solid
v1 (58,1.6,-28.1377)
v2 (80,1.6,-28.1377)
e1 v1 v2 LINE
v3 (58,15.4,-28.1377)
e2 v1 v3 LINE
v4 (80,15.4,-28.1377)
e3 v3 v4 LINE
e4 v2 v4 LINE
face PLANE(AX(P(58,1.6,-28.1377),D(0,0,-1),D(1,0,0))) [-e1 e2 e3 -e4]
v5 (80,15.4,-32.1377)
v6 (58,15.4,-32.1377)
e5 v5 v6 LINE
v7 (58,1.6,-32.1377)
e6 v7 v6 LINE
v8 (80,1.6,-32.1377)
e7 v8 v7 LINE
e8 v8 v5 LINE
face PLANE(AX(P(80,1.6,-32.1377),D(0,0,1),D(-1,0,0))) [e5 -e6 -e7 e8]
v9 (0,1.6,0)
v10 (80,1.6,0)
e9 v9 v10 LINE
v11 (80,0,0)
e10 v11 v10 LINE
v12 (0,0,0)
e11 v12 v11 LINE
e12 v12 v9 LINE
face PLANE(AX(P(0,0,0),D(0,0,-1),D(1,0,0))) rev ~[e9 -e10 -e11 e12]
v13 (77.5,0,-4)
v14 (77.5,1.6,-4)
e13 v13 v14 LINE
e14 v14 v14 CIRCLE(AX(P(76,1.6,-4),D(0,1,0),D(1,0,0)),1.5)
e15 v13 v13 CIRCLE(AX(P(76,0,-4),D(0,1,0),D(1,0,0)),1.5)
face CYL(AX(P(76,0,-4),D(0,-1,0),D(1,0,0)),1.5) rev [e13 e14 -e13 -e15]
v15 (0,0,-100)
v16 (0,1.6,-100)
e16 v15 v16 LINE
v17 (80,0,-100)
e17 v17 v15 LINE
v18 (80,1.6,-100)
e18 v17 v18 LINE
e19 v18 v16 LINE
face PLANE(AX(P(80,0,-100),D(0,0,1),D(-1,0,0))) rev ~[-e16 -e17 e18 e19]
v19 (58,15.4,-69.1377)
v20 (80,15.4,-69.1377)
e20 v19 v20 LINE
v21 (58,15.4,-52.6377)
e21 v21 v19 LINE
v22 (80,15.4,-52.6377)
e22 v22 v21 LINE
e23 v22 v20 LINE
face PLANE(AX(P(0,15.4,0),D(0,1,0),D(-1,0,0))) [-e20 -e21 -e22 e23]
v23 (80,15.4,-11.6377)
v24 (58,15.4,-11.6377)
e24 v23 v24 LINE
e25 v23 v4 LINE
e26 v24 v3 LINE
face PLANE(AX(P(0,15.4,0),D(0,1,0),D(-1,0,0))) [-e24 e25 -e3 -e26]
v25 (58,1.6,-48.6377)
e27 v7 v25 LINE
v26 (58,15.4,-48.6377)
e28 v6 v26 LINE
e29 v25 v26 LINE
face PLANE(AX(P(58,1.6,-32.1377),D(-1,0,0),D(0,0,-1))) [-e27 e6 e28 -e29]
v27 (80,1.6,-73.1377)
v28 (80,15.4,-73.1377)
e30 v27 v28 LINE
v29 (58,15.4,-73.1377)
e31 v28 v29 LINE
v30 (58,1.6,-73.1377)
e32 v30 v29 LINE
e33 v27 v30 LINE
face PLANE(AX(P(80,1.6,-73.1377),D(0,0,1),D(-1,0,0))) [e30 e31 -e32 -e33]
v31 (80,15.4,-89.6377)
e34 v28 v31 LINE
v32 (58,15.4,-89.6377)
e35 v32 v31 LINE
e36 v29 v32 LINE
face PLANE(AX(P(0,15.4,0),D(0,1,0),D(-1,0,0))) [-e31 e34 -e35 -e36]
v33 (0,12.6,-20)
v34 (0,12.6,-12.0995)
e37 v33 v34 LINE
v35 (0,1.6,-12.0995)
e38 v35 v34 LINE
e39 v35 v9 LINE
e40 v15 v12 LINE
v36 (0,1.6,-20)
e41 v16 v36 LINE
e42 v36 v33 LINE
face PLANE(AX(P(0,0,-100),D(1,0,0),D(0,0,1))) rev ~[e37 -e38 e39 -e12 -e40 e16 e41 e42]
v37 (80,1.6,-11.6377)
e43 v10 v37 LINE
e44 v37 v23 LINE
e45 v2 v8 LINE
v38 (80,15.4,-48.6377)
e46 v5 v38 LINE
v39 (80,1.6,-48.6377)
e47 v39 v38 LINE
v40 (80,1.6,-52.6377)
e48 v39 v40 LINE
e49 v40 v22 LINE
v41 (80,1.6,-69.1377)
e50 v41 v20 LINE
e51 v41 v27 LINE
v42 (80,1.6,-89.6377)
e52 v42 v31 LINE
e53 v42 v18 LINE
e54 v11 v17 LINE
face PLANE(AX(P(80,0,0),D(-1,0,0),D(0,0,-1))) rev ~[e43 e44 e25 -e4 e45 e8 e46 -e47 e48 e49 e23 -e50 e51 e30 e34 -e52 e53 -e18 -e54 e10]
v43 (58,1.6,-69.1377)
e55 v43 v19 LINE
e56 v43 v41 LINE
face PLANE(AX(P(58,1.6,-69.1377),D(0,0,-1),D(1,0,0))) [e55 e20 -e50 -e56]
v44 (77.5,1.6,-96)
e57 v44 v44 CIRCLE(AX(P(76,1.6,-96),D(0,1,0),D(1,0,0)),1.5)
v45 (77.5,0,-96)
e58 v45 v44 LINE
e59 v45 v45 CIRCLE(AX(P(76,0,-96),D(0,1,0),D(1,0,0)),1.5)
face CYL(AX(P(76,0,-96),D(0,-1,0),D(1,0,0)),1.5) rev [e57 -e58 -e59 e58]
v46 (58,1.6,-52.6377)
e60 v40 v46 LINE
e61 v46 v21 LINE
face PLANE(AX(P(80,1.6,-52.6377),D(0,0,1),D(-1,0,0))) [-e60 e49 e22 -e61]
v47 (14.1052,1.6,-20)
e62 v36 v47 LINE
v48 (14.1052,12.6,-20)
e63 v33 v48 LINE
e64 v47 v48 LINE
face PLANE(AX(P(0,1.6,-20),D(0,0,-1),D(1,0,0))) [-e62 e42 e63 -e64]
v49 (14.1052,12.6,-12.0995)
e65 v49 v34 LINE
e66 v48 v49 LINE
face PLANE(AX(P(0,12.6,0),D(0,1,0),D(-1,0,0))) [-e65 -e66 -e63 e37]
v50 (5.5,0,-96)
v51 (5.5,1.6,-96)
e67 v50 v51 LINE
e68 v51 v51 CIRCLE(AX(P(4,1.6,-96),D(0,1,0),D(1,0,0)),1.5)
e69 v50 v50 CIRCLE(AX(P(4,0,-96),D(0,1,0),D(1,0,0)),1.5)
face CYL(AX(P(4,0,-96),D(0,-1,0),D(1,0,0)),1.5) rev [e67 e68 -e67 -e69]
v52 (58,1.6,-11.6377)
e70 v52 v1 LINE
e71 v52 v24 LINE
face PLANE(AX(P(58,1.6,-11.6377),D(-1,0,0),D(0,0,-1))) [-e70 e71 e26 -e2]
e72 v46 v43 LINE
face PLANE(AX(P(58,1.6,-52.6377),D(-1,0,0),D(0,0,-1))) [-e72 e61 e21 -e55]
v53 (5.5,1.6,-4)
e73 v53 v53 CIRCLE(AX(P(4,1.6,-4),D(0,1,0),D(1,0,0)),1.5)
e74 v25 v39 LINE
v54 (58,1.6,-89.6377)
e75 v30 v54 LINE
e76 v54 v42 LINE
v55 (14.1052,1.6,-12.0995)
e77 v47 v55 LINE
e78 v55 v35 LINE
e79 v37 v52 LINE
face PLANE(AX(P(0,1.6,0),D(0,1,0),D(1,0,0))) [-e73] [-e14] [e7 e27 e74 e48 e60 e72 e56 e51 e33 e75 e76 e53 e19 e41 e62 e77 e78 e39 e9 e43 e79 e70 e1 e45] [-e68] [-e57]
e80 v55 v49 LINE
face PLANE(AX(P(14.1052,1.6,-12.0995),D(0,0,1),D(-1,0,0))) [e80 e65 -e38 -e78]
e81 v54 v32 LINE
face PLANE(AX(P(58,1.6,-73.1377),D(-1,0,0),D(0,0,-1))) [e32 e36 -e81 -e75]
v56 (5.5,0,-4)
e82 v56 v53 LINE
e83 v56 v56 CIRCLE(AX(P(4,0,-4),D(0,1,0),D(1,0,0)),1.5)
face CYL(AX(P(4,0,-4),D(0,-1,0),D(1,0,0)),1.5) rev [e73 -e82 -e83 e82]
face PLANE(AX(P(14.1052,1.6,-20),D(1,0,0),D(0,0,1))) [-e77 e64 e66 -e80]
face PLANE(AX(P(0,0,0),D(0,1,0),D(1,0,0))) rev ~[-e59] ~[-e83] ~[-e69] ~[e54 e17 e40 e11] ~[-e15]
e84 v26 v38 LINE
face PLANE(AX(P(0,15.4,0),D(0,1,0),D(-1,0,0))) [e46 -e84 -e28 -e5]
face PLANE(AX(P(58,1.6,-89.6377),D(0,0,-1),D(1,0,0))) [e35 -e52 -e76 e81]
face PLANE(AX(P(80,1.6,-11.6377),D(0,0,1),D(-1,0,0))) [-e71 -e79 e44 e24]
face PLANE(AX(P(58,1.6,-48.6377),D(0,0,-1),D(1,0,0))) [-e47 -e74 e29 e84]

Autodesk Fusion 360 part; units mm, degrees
sketch "Sketch1" plane through (0, 0, 0) normal (0, 1, 0) x (1, 0, 0)
  line L0 (0, 0) -> (80, 0)
  line L1 (80, 0) -> (80, 100)
  line L2 (80, 100) -> (0, 100)
  line L3 (0, 100) -> (0, 0)
  circle A0 centre (4, 96) radius 1.5
  circle A1 centre (76, 96) radius 1.5
  circle A2 centre (76, 4) radius 1.5
  circle A3 centre (4, 4) radius 1.5
  line L4 (40, 100) -> (40, 0) construction
  line L5 (0, 50) -> (80, 50) construction
  line L6 (4, 96) -> (40, 96) construction
  line L7 (76, 96) -> (76, 50) construction
  line L8 (76, 96) -> (40, 96) construction
  line L9 (76, 50) -> (76, 4) construction
  dimension "d1" = 80
  dimension "d2" = 100
  dimension "d3" = 3
  dimension "d4" = 72
  dimension "d5" = 92
extrude "Extrude1" add sketch "Sketch1" along normal blind 1.6
sketch "Sketch2" plane through (0, 1.6, 0) normal (0, 1, 0) x (-1, 0, 0)
  circle A0 centre (-4, -96) radius 1.5
  circle A1 centre (-4, -4) radius 1.5
  circle A2 centre (-76, -96) radius 1.5
  circle A3 centre (-76, -4) radius 1.5
  line L0 (0, -100) -> (0, 0)
  line L1 (0, 0) -> (-80, 0)
  line L2 (-80, 0) -> (-80, -100)
  line L3 (-80, -100) -> (0, -100)
  line L4 (-58, -89.6377) -> (-80, -89.6377)
  line L5 (-80, -89.6377) -> (-80, -73.1377)
  line L6 (-80, -73.1377) -> (-58, -73.1377)
  line L7 (-58, -73.1377) -> (-58, -89.6377)
  line L8 (-58, -69.1377) -> (-80, -69.1377)
  line L9 (-80, -69.1377) -> (-80, -52.6377)
  line L10 (-80, -52.6377) -> (-58, -52.6377)
  line L11 (-58, -52.6377) -> (-58, -69.1377)
  line L12 (-58, -48.6377) -> (-80, -48.6377)
  line L13 (-80, -48.6377) -> (-80, -32.1377)
  line L14 (-80, -32.1377) -> (-58, -32.1377)
  line L15 (-58, -32.1377) -> (-58, -48.6377)
  line L16 (-58, -28.1377) -> (-80, -28.1377)
  line L17 (-80, -28.1377) -> (-80, -11.6377)
  line L18 (-80, -11.6377) -> (-58, -11.6377)
  line L19 (-58, -11.6377) -> (-58, -28.1377)
  line L20 (0, -20) -> (-14.1052, -20)
  line L21 (-14.1052, -20) -> (-14.1052, -12.0995)
  line L22 (-14.1052, -12.0995) -> (0, -12.0995)
  line L23 (0, -12.0995) -> (0, -20)
  dimension "d8" = 16.5
  dimension "d9" = 22
  dimension "d10" = 4
  dimension "d11" = 4
  dimension "d12" = 4
extrude "Extrude2" add sketch "Sketch2" along normal blind 13.8 contours L2 L4 L5 L6 L7 | L2 L8 L9 L10 L11 | L2 L16 L17 L18 L19 | L2 L12 L13 L14 L15
extrude "Extrude3" add sketch "Sketch2" along normal blind 11 contours L0 L20 L21 L22 L23
sketch "Sketch3" plane through (0, 1.6, 0) normal (0, 1, 0) x (-1, 0, 0)
